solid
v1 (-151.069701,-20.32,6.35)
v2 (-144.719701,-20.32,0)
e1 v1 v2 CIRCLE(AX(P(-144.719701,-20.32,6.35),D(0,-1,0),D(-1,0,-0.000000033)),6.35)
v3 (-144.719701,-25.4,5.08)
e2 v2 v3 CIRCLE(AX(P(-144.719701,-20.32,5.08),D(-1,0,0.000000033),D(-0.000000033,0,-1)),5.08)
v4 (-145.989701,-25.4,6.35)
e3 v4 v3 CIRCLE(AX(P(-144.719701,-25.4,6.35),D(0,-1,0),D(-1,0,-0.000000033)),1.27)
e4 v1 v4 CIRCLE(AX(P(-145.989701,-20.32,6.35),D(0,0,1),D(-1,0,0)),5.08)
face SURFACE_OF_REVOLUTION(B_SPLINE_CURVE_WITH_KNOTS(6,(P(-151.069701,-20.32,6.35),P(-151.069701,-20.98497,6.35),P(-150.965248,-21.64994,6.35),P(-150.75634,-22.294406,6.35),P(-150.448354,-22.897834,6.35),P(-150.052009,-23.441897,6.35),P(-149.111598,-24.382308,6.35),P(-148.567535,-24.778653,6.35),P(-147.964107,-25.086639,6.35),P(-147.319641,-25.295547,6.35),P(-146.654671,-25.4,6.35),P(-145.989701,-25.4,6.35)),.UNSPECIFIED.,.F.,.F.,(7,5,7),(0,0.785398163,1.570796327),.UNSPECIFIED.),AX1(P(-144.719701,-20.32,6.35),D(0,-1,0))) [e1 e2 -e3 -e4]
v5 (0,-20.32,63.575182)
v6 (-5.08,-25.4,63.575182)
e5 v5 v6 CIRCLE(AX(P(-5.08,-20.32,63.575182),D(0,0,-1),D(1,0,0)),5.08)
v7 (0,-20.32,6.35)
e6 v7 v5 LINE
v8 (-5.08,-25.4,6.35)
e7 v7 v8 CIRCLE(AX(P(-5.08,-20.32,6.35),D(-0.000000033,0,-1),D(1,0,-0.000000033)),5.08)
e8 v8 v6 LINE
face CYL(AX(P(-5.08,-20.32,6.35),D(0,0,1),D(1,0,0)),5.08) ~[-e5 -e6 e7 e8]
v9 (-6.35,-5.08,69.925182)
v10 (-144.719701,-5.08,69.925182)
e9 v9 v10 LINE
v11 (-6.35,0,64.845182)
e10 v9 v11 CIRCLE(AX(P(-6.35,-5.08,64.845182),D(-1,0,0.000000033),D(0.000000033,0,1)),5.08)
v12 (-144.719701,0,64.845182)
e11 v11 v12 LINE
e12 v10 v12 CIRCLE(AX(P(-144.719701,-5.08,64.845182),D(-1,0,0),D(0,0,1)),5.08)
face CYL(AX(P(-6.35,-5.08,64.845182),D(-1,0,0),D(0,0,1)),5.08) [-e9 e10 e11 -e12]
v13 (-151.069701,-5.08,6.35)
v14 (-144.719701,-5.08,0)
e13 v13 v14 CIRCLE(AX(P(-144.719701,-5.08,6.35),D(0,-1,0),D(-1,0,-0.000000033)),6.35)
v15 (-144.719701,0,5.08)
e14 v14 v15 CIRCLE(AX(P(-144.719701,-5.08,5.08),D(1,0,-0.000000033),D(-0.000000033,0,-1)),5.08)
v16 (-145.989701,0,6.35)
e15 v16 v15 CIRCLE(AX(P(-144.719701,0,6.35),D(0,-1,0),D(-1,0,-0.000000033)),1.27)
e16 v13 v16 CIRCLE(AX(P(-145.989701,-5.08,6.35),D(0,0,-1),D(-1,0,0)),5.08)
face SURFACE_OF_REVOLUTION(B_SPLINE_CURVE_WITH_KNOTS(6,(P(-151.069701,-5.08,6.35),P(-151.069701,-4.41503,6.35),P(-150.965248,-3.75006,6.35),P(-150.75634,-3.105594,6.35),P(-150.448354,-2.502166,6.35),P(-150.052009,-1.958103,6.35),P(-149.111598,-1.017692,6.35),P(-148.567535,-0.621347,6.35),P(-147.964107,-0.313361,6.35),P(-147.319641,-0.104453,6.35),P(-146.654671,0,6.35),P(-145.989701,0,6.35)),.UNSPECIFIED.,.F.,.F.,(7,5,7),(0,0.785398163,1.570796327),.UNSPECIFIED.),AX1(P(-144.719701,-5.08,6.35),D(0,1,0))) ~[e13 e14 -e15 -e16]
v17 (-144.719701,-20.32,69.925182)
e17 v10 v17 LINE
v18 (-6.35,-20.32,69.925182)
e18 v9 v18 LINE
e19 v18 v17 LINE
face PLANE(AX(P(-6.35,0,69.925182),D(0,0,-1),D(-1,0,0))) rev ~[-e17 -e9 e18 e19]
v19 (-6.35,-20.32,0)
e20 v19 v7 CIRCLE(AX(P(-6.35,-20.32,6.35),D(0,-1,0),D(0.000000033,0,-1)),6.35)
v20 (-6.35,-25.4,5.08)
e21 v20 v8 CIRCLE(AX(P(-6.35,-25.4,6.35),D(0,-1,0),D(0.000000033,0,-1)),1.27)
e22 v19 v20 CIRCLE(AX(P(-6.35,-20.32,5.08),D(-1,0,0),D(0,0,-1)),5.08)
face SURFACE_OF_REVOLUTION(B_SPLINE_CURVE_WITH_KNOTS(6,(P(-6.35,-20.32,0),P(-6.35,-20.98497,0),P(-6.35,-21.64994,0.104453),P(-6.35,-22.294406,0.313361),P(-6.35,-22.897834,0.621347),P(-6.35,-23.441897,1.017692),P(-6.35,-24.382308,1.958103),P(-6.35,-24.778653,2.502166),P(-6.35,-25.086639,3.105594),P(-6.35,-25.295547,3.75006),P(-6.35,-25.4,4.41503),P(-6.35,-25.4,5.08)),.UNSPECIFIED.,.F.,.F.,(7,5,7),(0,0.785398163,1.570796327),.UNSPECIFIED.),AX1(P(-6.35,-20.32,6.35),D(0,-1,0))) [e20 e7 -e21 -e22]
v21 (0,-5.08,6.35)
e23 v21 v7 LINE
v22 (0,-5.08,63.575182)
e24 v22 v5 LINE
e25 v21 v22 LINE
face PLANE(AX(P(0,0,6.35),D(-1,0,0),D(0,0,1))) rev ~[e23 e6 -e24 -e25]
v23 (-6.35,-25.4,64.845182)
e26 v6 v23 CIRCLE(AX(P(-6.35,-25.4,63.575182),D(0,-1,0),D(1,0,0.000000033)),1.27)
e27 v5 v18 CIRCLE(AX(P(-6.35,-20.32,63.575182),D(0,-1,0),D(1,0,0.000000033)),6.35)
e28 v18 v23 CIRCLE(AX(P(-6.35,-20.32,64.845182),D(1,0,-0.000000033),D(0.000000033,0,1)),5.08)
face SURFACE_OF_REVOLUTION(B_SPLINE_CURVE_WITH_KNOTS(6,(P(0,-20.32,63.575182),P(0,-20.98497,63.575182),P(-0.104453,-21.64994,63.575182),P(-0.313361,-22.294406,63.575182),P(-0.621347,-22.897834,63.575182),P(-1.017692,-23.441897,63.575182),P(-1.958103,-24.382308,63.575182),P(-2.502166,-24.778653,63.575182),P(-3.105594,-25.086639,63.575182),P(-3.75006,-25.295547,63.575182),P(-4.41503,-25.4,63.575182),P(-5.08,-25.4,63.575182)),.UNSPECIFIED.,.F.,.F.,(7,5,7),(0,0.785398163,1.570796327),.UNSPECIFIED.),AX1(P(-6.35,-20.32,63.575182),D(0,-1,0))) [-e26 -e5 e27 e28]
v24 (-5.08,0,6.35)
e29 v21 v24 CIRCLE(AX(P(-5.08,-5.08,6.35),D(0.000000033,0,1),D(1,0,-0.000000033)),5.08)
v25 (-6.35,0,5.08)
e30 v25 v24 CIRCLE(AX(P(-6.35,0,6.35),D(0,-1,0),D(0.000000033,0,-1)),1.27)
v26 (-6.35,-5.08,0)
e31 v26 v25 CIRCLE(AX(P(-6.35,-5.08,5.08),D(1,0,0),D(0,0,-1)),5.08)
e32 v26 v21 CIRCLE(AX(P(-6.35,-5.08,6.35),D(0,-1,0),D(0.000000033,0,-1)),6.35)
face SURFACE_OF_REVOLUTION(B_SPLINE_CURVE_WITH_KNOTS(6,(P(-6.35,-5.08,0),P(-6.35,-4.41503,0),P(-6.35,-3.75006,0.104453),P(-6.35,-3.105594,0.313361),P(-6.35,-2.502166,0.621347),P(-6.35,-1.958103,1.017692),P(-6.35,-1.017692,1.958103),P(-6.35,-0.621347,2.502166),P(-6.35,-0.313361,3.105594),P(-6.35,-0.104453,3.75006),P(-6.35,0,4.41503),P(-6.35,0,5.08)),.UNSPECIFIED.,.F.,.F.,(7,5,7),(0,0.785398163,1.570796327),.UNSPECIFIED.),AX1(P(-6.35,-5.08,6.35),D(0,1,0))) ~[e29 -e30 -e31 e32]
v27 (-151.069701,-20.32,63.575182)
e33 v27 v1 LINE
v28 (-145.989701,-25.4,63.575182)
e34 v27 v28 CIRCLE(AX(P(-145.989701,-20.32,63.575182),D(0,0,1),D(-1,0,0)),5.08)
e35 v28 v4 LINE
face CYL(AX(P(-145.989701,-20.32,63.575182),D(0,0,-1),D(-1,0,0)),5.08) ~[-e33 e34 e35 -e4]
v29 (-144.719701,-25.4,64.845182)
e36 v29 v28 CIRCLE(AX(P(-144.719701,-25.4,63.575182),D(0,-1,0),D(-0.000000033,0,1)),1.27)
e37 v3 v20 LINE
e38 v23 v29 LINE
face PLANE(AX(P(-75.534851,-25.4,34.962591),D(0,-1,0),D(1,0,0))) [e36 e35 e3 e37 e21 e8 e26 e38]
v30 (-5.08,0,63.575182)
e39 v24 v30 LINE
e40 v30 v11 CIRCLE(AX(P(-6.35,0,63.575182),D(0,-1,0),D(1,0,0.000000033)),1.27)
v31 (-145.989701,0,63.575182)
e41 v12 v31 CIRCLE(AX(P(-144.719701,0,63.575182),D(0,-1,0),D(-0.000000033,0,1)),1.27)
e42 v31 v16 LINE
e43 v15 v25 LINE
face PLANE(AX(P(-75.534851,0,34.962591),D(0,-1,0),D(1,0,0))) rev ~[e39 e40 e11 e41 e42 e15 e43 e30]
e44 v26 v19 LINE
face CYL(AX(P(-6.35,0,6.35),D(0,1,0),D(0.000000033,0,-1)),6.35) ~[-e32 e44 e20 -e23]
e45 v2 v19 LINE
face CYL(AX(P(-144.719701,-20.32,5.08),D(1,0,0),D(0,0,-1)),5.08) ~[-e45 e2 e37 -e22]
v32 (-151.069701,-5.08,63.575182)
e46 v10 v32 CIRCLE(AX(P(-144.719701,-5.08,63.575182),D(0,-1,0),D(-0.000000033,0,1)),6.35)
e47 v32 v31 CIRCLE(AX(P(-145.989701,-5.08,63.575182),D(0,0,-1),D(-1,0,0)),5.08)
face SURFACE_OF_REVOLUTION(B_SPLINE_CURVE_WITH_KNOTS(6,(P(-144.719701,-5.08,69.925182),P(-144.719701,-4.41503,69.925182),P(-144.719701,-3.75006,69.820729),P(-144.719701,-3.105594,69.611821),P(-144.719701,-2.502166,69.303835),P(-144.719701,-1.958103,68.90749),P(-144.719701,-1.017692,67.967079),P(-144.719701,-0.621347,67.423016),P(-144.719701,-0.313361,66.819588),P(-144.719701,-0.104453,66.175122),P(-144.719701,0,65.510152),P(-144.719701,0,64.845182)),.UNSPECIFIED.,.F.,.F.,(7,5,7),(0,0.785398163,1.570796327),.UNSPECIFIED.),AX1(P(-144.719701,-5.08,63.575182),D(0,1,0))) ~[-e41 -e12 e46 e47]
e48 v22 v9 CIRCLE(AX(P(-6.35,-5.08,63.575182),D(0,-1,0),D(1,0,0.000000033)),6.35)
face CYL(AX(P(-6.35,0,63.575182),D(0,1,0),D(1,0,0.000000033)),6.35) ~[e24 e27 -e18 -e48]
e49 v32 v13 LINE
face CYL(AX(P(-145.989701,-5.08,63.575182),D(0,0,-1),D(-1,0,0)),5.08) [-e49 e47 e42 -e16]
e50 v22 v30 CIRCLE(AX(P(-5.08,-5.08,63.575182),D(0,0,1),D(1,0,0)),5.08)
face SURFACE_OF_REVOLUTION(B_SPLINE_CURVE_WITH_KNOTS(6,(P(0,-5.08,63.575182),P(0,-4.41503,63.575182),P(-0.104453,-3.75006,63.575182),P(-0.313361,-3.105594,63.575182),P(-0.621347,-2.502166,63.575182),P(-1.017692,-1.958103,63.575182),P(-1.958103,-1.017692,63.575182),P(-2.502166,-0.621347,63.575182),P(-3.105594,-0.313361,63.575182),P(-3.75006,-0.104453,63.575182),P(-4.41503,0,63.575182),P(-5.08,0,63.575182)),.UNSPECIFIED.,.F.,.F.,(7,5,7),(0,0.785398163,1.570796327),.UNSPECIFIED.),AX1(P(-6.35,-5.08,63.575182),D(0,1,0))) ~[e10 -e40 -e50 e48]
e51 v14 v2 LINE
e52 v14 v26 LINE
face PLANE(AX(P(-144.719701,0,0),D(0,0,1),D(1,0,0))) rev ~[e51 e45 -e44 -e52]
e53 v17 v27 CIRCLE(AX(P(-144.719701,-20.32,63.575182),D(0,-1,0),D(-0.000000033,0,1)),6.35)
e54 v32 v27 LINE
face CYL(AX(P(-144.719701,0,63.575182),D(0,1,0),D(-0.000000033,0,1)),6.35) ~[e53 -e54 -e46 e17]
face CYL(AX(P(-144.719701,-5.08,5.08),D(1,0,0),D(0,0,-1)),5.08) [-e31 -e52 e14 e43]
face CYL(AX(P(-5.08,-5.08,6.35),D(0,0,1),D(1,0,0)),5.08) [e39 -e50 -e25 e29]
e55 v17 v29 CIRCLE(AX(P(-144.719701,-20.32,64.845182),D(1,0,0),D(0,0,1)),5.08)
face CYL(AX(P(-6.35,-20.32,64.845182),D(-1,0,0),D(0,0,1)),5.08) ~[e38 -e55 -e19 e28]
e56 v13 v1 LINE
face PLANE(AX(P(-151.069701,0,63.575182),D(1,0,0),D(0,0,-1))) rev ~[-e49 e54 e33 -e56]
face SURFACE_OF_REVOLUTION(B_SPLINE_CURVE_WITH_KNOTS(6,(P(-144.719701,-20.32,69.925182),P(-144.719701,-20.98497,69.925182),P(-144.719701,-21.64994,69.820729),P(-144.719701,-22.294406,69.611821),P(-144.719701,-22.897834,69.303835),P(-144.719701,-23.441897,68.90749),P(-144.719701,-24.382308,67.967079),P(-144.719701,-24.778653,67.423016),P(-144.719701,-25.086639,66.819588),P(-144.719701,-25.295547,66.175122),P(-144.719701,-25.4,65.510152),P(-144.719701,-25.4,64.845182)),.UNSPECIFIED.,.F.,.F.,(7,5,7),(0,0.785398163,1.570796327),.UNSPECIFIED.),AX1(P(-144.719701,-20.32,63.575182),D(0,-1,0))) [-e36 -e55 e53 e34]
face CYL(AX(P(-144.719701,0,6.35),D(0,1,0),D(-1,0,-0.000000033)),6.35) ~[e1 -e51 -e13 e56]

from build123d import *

# Parameters (mm, degrees)
F1_DEPTH = 25.4
F2_R     = 5.08


with BuildPart() as f1:
    # F0 (on Front) → F1 (new body)
    with BuildSketch(Plane.XZ):
        with BuildLine():
            Line((-144.719701, 0), (-6.35, 0))
            ThreePointArc((-6.35, 0), (-1.859872, 1.859872), (0, 6.35))
            Line((0, 6.35), (0, 63.575182))
            ThreePointArc((0, 63.575182), (-1.859872, 68.06531), (-6.35, 69.925182))
            Line((-6.35, 69.925182), (-144.719701, 69.925182))
            ThreePointArc((-144.719701, 69.925182), (-149.209829, 68.06531), (-151.069701, 63.575182))
            Line((-151.069701, 63.575182), (-151.069701, 6.35))
            ThreePointArc((-151.069701, 6.35), (-149.209829, 1.859872), (-144.719701, 0))
        make_face()
    extrude(amount=F1_DEPTH)

    # F2
    f2_edges = [f1.edges().sort_by_distance(p)[0] for p in [
        (-151.069701, 0, 34.962591),
        (-151.069701, -25.4, 34.962591),
    ]]
    fillet(f2_edges, radius=F2_R)


solid = f1.part
